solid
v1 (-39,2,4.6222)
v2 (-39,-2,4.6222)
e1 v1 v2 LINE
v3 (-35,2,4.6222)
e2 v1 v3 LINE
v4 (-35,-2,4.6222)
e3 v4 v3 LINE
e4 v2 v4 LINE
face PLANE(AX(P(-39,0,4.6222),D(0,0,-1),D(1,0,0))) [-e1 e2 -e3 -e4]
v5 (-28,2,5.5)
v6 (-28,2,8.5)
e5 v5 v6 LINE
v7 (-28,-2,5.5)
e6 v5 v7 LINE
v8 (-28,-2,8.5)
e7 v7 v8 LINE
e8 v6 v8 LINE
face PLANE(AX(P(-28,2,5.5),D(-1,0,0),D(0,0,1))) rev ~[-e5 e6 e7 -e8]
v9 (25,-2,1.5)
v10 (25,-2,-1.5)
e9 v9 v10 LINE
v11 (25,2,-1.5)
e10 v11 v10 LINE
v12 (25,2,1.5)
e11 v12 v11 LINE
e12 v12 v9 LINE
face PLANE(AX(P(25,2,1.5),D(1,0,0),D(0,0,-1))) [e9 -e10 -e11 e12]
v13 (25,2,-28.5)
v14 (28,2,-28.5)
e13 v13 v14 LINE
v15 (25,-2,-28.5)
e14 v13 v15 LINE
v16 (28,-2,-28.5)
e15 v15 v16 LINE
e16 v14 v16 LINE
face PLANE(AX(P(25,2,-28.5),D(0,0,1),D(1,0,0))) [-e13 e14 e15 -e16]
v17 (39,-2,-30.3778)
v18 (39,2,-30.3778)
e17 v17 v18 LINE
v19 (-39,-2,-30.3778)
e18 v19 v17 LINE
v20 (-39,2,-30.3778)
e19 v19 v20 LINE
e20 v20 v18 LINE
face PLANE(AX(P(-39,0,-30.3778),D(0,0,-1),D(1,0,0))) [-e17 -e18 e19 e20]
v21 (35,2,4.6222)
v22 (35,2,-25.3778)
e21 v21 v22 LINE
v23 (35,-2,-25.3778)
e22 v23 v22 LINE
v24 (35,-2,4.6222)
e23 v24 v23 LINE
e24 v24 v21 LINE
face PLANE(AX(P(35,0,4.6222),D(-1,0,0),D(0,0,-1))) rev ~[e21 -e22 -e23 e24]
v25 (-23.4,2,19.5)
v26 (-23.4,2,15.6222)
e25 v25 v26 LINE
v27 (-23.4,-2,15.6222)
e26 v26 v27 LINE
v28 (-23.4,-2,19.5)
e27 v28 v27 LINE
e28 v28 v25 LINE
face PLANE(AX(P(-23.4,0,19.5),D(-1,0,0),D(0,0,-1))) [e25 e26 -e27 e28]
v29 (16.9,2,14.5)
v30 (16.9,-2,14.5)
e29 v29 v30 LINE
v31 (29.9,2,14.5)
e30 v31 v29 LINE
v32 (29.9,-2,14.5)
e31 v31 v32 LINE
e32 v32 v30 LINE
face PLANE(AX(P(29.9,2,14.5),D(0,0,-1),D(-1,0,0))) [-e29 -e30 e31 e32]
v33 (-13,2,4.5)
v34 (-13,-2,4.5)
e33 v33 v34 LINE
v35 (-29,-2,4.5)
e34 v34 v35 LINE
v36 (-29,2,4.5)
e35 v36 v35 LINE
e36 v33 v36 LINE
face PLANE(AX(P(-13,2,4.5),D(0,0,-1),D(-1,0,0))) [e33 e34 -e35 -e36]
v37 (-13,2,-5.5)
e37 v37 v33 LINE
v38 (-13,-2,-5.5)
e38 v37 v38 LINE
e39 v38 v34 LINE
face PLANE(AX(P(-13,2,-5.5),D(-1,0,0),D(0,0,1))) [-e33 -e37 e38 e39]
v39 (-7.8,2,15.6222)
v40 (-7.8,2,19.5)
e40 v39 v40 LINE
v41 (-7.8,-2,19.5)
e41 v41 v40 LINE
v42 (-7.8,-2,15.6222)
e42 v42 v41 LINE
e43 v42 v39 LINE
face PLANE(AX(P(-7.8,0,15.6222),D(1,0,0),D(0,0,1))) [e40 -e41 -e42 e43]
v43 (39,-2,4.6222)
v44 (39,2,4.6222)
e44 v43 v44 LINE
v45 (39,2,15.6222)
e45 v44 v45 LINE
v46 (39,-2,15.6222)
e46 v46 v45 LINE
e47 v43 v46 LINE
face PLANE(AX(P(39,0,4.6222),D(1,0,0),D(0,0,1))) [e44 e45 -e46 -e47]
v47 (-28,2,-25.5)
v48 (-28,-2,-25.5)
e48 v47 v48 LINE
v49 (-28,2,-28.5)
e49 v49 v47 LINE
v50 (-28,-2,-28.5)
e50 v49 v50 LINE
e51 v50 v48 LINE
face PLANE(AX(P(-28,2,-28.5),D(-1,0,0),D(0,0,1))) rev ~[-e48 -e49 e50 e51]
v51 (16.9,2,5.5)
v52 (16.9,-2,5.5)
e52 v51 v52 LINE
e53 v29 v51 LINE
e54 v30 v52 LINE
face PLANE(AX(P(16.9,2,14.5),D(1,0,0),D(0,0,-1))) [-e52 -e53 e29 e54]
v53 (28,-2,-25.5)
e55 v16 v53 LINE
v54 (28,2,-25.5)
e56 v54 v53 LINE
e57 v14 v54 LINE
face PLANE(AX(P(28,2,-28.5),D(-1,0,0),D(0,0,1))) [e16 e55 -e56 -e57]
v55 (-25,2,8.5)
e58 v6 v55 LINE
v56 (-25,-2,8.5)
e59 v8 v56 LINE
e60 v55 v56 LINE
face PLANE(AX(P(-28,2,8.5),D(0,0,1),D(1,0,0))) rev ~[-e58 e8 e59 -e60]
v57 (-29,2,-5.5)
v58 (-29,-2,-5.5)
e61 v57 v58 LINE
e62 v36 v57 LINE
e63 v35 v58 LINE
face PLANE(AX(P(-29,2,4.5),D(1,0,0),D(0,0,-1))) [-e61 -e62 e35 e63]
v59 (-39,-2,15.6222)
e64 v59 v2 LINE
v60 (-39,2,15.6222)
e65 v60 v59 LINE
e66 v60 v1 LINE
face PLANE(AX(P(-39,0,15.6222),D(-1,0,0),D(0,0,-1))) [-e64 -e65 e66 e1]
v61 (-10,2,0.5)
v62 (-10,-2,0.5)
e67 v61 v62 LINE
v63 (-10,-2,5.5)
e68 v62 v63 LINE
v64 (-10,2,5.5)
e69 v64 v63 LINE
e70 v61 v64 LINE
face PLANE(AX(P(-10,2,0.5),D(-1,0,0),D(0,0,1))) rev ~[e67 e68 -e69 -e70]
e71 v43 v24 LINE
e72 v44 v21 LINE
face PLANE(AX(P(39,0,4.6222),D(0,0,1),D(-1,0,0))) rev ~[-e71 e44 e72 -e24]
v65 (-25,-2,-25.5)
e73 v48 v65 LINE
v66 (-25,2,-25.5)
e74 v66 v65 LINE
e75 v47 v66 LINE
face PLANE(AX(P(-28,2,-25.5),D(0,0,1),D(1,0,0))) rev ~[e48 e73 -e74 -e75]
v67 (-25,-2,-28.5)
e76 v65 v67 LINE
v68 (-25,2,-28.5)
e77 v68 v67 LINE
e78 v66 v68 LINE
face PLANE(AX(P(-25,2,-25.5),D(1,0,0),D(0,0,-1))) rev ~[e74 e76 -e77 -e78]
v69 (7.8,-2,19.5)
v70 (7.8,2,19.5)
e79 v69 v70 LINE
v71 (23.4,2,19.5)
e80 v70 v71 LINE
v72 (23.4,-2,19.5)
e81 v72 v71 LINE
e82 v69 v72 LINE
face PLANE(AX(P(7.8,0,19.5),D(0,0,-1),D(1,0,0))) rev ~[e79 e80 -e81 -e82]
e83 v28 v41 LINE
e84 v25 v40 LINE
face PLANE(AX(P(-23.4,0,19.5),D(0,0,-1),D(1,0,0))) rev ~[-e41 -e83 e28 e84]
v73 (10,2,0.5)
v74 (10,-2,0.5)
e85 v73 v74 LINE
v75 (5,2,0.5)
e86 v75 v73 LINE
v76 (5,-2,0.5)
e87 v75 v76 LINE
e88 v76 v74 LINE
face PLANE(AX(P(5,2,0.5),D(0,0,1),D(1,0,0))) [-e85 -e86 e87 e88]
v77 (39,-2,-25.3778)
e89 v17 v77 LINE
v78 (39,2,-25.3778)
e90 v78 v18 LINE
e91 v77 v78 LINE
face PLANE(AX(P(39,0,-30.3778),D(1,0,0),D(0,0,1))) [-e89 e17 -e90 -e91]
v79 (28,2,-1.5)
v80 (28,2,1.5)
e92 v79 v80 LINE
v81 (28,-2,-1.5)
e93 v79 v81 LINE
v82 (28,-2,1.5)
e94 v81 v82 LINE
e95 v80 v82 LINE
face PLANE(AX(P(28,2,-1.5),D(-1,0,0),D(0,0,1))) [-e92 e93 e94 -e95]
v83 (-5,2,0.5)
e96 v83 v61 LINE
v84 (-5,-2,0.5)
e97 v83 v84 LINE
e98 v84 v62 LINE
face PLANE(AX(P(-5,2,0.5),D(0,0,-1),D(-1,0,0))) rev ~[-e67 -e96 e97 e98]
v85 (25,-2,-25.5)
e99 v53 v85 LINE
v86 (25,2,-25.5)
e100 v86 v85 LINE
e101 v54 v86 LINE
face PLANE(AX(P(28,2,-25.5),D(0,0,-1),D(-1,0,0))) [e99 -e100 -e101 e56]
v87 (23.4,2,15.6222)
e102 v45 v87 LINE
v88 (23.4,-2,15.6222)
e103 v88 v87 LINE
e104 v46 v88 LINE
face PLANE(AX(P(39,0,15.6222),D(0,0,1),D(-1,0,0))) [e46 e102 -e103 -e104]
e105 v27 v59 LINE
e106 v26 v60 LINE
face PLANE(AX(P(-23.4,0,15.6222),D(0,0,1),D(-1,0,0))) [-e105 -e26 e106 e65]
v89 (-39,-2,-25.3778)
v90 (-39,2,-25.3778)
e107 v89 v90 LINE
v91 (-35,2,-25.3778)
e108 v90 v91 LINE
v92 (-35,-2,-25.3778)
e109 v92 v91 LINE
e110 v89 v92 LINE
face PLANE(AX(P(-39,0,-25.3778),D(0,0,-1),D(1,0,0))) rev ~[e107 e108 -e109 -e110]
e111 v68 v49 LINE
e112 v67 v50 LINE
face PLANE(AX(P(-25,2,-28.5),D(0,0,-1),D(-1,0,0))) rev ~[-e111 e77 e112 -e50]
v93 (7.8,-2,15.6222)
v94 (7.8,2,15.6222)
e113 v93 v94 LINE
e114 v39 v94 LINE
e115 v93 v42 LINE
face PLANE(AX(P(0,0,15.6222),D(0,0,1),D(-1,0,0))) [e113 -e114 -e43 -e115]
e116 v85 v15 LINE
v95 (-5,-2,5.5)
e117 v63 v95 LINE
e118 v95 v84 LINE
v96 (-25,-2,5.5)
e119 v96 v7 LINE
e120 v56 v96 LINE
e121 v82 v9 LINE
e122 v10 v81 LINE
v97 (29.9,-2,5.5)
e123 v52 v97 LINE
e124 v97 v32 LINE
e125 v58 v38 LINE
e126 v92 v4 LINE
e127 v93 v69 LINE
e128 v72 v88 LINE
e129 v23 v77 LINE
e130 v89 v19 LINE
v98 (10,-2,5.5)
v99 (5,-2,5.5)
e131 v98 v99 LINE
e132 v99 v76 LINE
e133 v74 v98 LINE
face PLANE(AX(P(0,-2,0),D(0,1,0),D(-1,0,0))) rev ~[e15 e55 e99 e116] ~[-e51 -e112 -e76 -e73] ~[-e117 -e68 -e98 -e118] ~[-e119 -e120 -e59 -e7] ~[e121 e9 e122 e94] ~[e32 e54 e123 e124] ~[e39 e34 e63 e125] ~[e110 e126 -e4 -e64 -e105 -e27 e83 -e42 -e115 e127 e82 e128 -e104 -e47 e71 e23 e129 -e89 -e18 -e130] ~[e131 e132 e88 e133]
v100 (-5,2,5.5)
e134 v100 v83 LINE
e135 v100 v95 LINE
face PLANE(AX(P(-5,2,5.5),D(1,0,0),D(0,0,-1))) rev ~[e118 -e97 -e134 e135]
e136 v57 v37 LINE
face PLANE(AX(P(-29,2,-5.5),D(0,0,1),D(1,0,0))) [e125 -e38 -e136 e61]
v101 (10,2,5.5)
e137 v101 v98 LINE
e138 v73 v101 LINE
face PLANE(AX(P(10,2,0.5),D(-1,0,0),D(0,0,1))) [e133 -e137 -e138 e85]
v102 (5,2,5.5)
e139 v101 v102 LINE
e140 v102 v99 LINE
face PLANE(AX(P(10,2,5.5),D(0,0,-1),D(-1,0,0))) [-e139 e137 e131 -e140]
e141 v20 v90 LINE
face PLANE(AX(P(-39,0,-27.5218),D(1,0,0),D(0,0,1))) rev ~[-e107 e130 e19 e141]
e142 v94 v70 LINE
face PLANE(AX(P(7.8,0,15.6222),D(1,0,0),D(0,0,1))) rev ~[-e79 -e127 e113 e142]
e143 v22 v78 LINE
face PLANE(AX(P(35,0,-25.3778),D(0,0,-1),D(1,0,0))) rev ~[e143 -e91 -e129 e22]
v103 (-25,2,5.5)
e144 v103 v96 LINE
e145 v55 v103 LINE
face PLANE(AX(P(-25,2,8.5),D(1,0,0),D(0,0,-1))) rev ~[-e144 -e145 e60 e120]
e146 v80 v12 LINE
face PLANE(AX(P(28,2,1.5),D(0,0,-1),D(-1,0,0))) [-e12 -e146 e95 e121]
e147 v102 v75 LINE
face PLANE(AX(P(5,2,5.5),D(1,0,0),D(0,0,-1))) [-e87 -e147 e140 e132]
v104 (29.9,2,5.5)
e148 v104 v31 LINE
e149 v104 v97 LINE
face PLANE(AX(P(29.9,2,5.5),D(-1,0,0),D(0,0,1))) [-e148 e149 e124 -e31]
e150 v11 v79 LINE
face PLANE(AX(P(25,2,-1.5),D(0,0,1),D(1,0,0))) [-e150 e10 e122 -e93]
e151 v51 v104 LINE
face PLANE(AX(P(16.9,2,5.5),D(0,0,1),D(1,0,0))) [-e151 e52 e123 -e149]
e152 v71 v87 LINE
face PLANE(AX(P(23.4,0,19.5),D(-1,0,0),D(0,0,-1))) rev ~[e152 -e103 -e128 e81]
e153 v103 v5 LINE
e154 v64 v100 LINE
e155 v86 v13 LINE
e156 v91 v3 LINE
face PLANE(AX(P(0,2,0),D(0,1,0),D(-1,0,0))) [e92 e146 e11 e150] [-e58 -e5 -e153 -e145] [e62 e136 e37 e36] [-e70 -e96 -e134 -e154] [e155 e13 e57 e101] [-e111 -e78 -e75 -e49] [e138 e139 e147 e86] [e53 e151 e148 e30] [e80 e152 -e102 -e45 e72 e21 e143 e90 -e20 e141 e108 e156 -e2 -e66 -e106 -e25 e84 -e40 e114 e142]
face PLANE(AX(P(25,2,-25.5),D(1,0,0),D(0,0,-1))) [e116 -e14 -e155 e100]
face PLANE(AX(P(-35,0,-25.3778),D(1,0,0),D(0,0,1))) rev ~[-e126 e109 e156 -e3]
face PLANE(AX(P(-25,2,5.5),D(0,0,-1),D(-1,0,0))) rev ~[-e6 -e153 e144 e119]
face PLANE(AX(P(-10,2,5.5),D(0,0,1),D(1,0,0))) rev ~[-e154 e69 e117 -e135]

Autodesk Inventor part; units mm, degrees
ref_plane "YZ Plane" through (0, 0, 0) normal (1, 0, 0) x (0, 1, 0)
ref_plane "XZ Plane" through (0, 0, 0) normal (0, 1, 0) x (-1, 0, 0)
ref_plane "XY Plane" through (0, 0, 0) normal (0, 0, 1) x (1, 0, 0)
sketch "Sketch1" plane through (0, 0, 0) normal (0, 1, 0) x (-1, 0, 0)
  line L0 (39, 19.5) -> (-39, 19.5)
  line L1 (-39, 4.6222) -> (-35, 4.6222)
  line L2 (-39, -17.5218) -> (-39, 4.6222)
  line L3 (-7.8, 19.5) -> (-23.4, 19.5)
  line L4 (-23.4, 19.5) -> (-23.4, 15.6222)
  line L5 (-23.4, 15.6222) -> (-7.8, 15.6222)
  line L6 (-7.8, 15.6222) -> (-7.8, 19.5)
  line L7 (0, 19.5) -> (0, 15.6222)
  line L8 (39, 4.6222) -> (35, 4.6222)
  line L9 (23.4, 19.5) -> (23.4, 15.6222)
  line L10 (23.4, 15.6222) -> (7.8, 15.6222)
  line L11 (7.8, 15.6222) -> (7.8, 19.5)
  line L12 (-39, 15.6222) -> (39, 15.6222)
  line L13 (39, -27.5218) -> (39, -17.5218)
  line L14 (-39, -12) -> (-39, -22)
  line L15 (-39, 4.6222) -> (-35, 4.6222)
  line L16 (-39, -27.5218) -> (-39, 4.6222)
  line L17 (35, 4.6222) -> (39, 4.6222)
  line L18 (39, 4.6222) -> (39, -25.3778)
  line L19 (-39, 19.5) -> (39, 19.5)
  line L20 (39, 19.5) -> (39, -30.3778)
  line L21 (39, -30.3778) -> (-39, -30.3778)
  line L22 (-39, -30.3778) -> (-39, 19.5)
  line L23 (-39, 4.6222) -> (-35, 4.6222)
  line L24 (-35, 4.6222) -> (-35, -25.3778)
  line L25 (-35, -25.3778) -> (-39, -25.3778)
  line L26 (-39, -25.3778) -> (-39, 4.6222)
  line L27 (35, 4.6222) -> (39, 4.6222)
  line L28 (39, 4.6222) -> (39, -25.3778)
  line L29 (39, -25.3778) -> (35, -25.3778)
  line L30 (35, -25.3778) -> (35, 4.6222)
  point P0 (0, 0)
  point P1 (39, 0)
  point P2 (-23.4, 17.5611)
  point P3 (-37, 4.6222)
  point P4 (37, 4.6222)
  point P5 (37, -27)
  point P6 (-37, -25.3778)
  point P7 (-37, 4.6222)
  dimension "d1" = 78
  dimension "d5" = 15.6
  dimension "d41" = 78
  dimension "d46" = 30
  dimension "d47" = 30
  dimension "d48" = 4
  dimension "d49" = 4
  dimension "d51" = 5
  dimension "d52" = 11
extrude "Extrusion1" add sketch "Sketch1" along normal mid plane 4 contours L9 L10 L11 L0 | L20 L8 L30 L29 L13 L21 L22 L16 L25 L24 L1 L12 L5 L10 | L6 L5 L4 L0
sketch "Sketch3" plane through (0, 2, 0) normal (0, 1, 0) x (1, 0, 0)
  line L0 (10, -5.5) -> (5, -5.5)
  line L1 (5, -5.5) -> (5, -0.5)
  line L2 (5, -0.5) -> (10, -0.5)
  line L3 (10, -0.5) -> (10, -5.5)
  line L4 (39, 19.5) -> (-39, 19.5) projected
  line L5 (0, 0) -> (0, -3.5827)
  line L6 (-10, -5.5) -> (-5, -5.5)
  line L7 (-5, -5.5) -> (-5, -0.5)
  line L8 (-5, -0.5) -> (-10, -0.5)
  line L9 (-10, -0.5) -> (-10, -5.5)
  line L10 (-13, -4.5) -> (-29, -4.5)
  line L11 (-29, -4.5) -> (-29, 5.5)
  line L12 (-29, 5.5) -> (-13, 5.5)
  line L13 (-13, 5.5) -> (-13, -4.5)
  line L14 (35, -8) -> (35, 22) projected
  line L15 (23.4, -15.6222) -> (39, -15.6222) projected
  line L16 (-25, -8.5) -> (-25, -5.5)
  line L17 (-25, -5.5) -> (-28, -5.5)
  line L18 (-28, -5.5) -> (-28, -8.5)
  line L19 (-28, -8.5) -> (-25, -8.5)
  line L20 (39, -15.6222) -> (39, -8) projected
  line L21 (-23.4, -19.5) -> (23.4, -19.5) projected
  line L22 (28, 25.5) -> (25, 25.5)
  line L23 (25, 25.5) -> (25, 28.5)
  line L24 (25, 28.5) -> (28, 28.5)
  line L25 (28, 28.5) -> (28, 25.5)
  line L26 (-28, 25.5) -> (-25, 25.5)
  line L27 (-25, 25.5) -> (-25, 28.5)
  line L28 (-25, 28.5) -> (-28, 28.5)
  line L29 (-28, 28.5) -> (-28, 25.5)
  line L30 (-35, 25.3778) -> (-35, -4.6222) projected
  line L31 (29.9, -14.5) -> (16.9, -14.5)
  line L32 (16.9, -14.5) -> (16.9, -5.5)
  line L33 (16.9, -5.5) -> (29.9, -5.5)
  line L34 (29.9, -5.5) -> (29.9, -14.5)
  line L35 (39, -15.6222) -> (39, -4.6222) projected
  line L36 (-39, -4.6222) -> (-39, -15.6222) projected
  line L37 (28, -1.5) -> (25, -1.5)
  line L38 (25, -1.5) -> (25, 1.5)
  line L39 (25, 1.5) -> (28, 1.5)
  line L40 (28, 1.5) -> (28, -1.5)
  point P0 (5, -3)
  point P1 (-5, -3)
  point P2 (35, 12)
  point P3 (-26.5, -8.5)
  point P4 (7.8, -19.5)
  point P5 (39, -19.5)
  point P6 (-39, -19.5)
  point P7 (35, 27)
  point P8 (26.5, 25.5)
  point P9 (-26.5, 25.5)
  point P10 (-21, -4.5)
  point P11 (23.4, -14.5)
  dimension "d9" = 5
  dimension "d10" = 5
  dimension "d11" = 5
  dimension "d12" = 20
  dimension "d13" = 16
  dimension "d14" = 10
  dimension "d53" = 3
  dimension "d54" = 3
  dimension "d56" = 6
  dimension "d57" = 15
  dimension "d58" = 13
  dimension "d59" = 9
  dimension "d61" = 5
  dimension "d62" = 3
  dimension "d63" = 3
  dimension "d64" = 11
  dimension "d65" = 11
  dimension "d66" = 3
  dimension "d67" = 3
  dimension "d68" = 11
  dimension "d69" = 18
extrude "Extrusion2" cut sketch "Sketch3" against normal up to surface (4 mm away)
sketch "Sketch4" plane through (0, 2, 0) normal (0, 1, 0) x (1, 0, 0)
  line L0 (39, 34.5) -> (-39, 34.5) projected
  line L1 (-39, 30.3778) -> (-39, 22) projected
  line L2 (39, 34.5) -> (-39, 34.5)
  line L3 (-39, 34.5) -> (-39, 30.5)
  line L4 (-39, 30.5) -> (39, 30.5)
  line L5 (39, 30.5) -> (39, 34.5)
  point P0 (0, 0)
  point P1 (-39, 27)
  dimension "d29" = 4
extrude "Extrusion3" [suppressed]
equation "\"d5\" = 0.2 * d1"
equation "\"d9\" = d10"
properties part number "Back"
